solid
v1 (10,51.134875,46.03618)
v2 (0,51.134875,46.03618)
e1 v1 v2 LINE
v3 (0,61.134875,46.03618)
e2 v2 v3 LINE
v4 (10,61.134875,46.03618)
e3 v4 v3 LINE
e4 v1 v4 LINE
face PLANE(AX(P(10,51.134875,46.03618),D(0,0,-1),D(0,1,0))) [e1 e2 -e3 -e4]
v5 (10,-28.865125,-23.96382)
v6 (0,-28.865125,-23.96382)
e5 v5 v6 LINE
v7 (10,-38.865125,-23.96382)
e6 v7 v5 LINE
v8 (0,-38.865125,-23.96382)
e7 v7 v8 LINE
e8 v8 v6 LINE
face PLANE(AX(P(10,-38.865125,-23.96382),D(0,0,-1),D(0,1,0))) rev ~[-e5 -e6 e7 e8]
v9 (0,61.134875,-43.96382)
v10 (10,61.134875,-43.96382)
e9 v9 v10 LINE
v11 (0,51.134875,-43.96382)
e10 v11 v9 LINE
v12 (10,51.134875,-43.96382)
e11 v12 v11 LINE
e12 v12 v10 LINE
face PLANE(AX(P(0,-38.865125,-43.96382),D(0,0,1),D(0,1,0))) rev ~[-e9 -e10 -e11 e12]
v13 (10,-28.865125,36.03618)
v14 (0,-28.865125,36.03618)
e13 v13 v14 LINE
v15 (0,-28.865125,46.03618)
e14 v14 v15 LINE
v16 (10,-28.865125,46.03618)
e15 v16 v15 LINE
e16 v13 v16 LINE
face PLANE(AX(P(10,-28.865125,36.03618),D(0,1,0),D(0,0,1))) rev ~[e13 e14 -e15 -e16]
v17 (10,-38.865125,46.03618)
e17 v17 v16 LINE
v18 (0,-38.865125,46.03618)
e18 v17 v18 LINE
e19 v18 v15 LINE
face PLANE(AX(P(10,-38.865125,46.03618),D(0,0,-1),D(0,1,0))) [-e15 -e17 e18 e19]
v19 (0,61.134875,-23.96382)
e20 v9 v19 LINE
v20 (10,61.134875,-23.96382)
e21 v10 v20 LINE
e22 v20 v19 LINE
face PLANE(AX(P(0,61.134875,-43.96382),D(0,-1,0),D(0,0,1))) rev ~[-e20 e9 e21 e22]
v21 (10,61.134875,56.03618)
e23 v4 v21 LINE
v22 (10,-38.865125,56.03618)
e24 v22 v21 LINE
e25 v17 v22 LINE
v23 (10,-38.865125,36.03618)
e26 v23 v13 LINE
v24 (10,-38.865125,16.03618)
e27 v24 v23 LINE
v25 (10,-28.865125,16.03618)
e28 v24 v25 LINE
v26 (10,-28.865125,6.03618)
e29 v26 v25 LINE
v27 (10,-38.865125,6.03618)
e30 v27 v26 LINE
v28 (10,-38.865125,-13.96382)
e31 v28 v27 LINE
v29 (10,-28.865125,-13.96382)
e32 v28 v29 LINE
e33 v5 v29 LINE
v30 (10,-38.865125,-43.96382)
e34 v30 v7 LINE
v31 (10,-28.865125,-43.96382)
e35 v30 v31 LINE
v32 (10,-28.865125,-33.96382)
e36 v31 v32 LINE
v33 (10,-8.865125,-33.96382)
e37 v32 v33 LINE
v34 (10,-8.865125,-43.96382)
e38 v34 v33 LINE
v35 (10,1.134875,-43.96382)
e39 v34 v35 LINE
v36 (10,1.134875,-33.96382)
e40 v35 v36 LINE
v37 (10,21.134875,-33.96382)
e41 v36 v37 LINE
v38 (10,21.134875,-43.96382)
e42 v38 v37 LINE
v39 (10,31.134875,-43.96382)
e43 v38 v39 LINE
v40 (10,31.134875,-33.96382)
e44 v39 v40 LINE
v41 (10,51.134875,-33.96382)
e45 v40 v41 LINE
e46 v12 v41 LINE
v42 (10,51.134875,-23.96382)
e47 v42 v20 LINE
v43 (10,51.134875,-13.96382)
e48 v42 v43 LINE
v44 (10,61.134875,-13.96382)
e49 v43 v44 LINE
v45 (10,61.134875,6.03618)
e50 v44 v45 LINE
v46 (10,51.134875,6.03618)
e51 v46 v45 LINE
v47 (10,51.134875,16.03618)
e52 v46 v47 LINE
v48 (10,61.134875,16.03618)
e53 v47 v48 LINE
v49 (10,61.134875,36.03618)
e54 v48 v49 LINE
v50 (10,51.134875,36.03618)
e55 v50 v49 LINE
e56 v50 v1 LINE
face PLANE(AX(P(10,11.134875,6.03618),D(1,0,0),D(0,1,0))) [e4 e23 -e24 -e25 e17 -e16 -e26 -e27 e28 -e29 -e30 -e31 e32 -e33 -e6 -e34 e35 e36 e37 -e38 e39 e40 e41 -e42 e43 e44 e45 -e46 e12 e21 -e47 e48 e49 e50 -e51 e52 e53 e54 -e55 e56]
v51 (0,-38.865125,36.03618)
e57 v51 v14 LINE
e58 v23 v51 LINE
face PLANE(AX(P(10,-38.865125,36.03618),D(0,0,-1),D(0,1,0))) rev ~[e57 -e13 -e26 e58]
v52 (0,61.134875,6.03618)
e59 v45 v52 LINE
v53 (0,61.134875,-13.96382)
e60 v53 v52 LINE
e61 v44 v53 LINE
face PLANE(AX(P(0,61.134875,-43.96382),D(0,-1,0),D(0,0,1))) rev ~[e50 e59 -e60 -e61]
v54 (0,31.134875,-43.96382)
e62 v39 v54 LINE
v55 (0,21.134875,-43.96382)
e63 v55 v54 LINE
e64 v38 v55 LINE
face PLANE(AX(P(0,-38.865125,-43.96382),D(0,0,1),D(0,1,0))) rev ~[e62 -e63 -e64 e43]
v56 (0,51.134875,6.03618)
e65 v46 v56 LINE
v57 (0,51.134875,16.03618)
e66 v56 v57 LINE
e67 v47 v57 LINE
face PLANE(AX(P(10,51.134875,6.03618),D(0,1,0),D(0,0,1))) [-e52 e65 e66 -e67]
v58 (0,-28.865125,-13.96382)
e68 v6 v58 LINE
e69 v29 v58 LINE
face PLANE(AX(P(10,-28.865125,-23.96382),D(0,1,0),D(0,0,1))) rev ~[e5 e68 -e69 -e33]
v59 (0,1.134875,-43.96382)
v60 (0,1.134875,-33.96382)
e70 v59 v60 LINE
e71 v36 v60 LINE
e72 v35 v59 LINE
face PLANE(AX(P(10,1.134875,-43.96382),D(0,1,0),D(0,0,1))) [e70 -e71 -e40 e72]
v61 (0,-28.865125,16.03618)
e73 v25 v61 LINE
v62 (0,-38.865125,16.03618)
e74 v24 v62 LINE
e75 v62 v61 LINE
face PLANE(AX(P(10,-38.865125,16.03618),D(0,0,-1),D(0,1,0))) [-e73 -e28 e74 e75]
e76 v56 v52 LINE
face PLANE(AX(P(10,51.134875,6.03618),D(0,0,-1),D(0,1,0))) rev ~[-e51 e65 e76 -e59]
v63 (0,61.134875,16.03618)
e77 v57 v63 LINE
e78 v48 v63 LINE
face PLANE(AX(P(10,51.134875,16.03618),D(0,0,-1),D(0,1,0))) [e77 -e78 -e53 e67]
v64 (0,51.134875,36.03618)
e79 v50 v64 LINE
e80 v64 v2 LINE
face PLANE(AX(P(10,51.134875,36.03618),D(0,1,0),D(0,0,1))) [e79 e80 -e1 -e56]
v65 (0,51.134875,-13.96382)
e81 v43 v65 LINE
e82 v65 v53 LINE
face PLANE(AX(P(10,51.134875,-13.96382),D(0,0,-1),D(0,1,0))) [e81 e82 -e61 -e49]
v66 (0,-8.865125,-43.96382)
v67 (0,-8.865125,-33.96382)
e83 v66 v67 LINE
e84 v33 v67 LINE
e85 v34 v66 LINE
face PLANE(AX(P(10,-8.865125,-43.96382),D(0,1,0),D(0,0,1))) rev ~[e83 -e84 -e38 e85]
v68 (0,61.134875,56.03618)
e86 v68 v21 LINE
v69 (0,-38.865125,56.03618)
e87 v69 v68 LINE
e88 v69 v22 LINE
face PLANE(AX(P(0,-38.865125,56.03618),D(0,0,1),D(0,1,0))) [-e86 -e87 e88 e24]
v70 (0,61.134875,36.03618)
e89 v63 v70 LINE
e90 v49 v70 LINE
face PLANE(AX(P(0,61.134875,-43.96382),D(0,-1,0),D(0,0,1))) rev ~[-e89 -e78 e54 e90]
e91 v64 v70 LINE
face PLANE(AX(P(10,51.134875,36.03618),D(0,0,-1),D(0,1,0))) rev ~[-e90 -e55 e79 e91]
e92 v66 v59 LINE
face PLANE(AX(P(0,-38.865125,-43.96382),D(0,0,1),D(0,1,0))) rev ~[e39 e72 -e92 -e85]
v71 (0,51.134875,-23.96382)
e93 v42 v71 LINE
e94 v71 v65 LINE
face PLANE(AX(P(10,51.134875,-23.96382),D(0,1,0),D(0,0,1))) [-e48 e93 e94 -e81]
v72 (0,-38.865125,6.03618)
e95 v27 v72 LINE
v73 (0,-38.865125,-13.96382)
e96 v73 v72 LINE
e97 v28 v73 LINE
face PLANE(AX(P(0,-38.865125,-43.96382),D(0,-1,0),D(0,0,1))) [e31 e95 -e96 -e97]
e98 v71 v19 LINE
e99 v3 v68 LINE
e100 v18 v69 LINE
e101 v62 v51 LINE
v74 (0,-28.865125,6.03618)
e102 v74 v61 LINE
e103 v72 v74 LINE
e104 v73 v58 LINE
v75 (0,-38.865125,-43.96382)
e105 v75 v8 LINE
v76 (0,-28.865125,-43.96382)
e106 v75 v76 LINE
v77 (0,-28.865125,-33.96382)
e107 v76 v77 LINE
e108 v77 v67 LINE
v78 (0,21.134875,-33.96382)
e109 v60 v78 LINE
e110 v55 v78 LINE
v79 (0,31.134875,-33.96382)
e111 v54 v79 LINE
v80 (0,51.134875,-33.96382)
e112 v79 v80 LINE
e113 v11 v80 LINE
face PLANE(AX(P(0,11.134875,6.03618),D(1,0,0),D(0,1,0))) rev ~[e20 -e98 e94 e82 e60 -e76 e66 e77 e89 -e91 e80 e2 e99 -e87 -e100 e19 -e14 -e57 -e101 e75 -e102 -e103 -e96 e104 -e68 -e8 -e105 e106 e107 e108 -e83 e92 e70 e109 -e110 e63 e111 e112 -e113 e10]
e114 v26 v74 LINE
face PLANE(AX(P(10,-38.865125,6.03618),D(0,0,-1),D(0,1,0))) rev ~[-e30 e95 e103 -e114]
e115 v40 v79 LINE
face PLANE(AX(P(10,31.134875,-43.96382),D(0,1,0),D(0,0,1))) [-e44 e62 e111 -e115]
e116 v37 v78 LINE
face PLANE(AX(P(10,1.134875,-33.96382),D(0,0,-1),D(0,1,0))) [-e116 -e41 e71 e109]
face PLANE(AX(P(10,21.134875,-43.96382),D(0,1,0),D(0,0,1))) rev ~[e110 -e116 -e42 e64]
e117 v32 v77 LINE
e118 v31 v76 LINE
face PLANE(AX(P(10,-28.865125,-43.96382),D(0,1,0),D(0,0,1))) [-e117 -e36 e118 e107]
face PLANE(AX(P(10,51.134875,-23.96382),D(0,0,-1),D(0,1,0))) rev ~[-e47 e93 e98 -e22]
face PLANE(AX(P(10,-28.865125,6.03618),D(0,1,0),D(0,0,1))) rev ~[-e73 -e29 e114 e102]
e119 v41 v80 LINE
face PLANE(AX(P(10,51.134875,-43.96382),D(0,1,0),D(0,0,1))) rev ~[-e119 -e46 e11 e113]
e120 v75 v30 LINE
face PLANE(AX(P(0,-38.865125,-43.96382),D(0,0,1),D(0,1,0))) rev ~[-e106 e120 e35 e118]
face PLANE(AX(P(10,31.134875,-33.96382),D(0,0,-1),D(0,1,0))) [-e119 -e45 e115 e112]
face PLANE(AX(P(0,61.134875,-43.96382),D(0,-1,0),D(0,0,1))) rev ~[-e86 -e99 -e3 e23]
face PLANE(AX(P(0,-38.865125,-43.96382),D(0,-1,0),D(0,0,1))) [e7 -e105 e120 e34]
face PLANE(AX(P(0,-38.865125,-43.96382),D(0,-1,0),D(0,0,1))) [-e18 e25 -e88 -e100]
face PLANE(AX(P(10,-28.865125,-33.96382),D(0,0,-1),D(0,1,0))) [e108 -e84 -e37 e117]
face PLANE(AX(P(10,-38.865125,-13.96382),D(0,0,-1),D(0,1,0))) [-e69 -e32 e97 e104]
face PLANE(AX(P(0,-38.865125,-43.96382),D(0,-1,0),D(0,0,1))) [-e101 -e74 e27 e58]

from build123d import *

# Parameters (mm, degrees)
F0_W      = 100
F0_H      = 100
F1_DEPTH  = 10
F2_W      = 20
F2_H      = 10
F3_DEPTH  = 10
F4_W      = 20
F4_H      = 10
F5_DEPTH  = 10
F6_W      = 20
F6_H      = 10
F7_DEPTH  = 10
F8_W      = 10
F8_H      = 10
F9_DEPTH  = 10
F10_W     = 10
F10_H     = 10
F11_DEPTH = 10
F12_W     = 10
F12_H     = 10
F13_DEPTH = 10
F14_W     = 10
F14_H     = 10
F15_DEPTH = 10
F16_W     = 10
F16_H     = 10
F17_DEPTH = 10
F18_W     = 10
F18_H     = 10
F19_DEPTH = 10


with BuildPart() as f1:
    # F0 (on Right) → F1 (new body)
    with BuildSketch(Plane.YZ):
        with Locations((11.134875, 6.03618)):
            Rectangle(F0_W, F0_H)
    extrude(amount=F1_DEPTH)

    # F2 (on face) → F3 (cut)
    with BuildSketch(Plane.YZ.offset(10)):
        with Locations((-18.865125, -38.96382)):
            Rectangle(F2_W, F2_H)
    extrude(amount=-F3_DEPTH, mode=Mode.SUBTRACT)

    # F4 (on face) → F5 (cut)
    with BuildSketch(Plane.YZ.offset(10)):
        with Locations((11.134875, -38.96382)):
            Rectangle(F4_W, F4_H)
    extrude(amount=-F5_DEPTH, mode=Mode.SUBTRACT)

    # F6 (on face) → F7 (cut)
    with BuildSketch(Plane.YZ.offset(10)):
        with Locations((41.134875, -38.96382)):
            Rectangle(F6_W, F6_H)
    extrude(amount=-F7_DEPTH, mode=Mode.SUBTRACT)

    # F8 (on face) → F9 (cut)
    with BuildSketch(Plane.YZ.offset(10)):
        with Locations((-33.865125, -18.96382)):
            Rectangle(F8_W, F8_H)
    extrude(amount=-F9_DEPTH, mode=Mode.SUBTRACT)

    # F10 (on face) → F11 (cut)
    with BuildSketch(Plane.YZ.offset(10)):
        with Locations((-33.865125, 11.03618)):
            Rectangle(F10_W, F10_H)
    extrude(amount=-F11_DEPTH, mode=Mode.SUBTRACT)

    # F12 (on face) → F13 (cut)
    with BuildSketch(Plane.YZ.offset(10)):
        with Locations((-33.865125, 41.03618)):
            Rectangle(F12_W, F12_H)
    extrude(amount=-F13_DEPTH, mode=Mode.SUBTRACT)

    # F14 (on face) → F15 (cut)
    with BuildSketch(Plane.YZ.offset(10)):
        with Locations((56.134875, -18.96382)):
            Rectangle(F14_W, F14_H)
    extrude(amount=-F15_DEPTH, mode=Mode.SUBTRACT)

    # F16 (on face) → F17 (cut)
    with BuildSketch(Plane.YZ.offset(10)):
        with Locations((56.134875, 11.03618)):
            Rectangle(F16_W, F16_H)
    extrude(amount=-F17_DEPTH, mode=Mode.SUBTRACT)

    # F18 (on face) → F19 (cut)
    with BuildSketch(Plane.YZ.offset(10)):
        with Locations((56.134875, 41.03618)):
            Rectangle(F18_W, F18_H)
    extrude(amount=-F19_DEPTH, mode=Mode.SUBTRACT)


solid = f1.part
